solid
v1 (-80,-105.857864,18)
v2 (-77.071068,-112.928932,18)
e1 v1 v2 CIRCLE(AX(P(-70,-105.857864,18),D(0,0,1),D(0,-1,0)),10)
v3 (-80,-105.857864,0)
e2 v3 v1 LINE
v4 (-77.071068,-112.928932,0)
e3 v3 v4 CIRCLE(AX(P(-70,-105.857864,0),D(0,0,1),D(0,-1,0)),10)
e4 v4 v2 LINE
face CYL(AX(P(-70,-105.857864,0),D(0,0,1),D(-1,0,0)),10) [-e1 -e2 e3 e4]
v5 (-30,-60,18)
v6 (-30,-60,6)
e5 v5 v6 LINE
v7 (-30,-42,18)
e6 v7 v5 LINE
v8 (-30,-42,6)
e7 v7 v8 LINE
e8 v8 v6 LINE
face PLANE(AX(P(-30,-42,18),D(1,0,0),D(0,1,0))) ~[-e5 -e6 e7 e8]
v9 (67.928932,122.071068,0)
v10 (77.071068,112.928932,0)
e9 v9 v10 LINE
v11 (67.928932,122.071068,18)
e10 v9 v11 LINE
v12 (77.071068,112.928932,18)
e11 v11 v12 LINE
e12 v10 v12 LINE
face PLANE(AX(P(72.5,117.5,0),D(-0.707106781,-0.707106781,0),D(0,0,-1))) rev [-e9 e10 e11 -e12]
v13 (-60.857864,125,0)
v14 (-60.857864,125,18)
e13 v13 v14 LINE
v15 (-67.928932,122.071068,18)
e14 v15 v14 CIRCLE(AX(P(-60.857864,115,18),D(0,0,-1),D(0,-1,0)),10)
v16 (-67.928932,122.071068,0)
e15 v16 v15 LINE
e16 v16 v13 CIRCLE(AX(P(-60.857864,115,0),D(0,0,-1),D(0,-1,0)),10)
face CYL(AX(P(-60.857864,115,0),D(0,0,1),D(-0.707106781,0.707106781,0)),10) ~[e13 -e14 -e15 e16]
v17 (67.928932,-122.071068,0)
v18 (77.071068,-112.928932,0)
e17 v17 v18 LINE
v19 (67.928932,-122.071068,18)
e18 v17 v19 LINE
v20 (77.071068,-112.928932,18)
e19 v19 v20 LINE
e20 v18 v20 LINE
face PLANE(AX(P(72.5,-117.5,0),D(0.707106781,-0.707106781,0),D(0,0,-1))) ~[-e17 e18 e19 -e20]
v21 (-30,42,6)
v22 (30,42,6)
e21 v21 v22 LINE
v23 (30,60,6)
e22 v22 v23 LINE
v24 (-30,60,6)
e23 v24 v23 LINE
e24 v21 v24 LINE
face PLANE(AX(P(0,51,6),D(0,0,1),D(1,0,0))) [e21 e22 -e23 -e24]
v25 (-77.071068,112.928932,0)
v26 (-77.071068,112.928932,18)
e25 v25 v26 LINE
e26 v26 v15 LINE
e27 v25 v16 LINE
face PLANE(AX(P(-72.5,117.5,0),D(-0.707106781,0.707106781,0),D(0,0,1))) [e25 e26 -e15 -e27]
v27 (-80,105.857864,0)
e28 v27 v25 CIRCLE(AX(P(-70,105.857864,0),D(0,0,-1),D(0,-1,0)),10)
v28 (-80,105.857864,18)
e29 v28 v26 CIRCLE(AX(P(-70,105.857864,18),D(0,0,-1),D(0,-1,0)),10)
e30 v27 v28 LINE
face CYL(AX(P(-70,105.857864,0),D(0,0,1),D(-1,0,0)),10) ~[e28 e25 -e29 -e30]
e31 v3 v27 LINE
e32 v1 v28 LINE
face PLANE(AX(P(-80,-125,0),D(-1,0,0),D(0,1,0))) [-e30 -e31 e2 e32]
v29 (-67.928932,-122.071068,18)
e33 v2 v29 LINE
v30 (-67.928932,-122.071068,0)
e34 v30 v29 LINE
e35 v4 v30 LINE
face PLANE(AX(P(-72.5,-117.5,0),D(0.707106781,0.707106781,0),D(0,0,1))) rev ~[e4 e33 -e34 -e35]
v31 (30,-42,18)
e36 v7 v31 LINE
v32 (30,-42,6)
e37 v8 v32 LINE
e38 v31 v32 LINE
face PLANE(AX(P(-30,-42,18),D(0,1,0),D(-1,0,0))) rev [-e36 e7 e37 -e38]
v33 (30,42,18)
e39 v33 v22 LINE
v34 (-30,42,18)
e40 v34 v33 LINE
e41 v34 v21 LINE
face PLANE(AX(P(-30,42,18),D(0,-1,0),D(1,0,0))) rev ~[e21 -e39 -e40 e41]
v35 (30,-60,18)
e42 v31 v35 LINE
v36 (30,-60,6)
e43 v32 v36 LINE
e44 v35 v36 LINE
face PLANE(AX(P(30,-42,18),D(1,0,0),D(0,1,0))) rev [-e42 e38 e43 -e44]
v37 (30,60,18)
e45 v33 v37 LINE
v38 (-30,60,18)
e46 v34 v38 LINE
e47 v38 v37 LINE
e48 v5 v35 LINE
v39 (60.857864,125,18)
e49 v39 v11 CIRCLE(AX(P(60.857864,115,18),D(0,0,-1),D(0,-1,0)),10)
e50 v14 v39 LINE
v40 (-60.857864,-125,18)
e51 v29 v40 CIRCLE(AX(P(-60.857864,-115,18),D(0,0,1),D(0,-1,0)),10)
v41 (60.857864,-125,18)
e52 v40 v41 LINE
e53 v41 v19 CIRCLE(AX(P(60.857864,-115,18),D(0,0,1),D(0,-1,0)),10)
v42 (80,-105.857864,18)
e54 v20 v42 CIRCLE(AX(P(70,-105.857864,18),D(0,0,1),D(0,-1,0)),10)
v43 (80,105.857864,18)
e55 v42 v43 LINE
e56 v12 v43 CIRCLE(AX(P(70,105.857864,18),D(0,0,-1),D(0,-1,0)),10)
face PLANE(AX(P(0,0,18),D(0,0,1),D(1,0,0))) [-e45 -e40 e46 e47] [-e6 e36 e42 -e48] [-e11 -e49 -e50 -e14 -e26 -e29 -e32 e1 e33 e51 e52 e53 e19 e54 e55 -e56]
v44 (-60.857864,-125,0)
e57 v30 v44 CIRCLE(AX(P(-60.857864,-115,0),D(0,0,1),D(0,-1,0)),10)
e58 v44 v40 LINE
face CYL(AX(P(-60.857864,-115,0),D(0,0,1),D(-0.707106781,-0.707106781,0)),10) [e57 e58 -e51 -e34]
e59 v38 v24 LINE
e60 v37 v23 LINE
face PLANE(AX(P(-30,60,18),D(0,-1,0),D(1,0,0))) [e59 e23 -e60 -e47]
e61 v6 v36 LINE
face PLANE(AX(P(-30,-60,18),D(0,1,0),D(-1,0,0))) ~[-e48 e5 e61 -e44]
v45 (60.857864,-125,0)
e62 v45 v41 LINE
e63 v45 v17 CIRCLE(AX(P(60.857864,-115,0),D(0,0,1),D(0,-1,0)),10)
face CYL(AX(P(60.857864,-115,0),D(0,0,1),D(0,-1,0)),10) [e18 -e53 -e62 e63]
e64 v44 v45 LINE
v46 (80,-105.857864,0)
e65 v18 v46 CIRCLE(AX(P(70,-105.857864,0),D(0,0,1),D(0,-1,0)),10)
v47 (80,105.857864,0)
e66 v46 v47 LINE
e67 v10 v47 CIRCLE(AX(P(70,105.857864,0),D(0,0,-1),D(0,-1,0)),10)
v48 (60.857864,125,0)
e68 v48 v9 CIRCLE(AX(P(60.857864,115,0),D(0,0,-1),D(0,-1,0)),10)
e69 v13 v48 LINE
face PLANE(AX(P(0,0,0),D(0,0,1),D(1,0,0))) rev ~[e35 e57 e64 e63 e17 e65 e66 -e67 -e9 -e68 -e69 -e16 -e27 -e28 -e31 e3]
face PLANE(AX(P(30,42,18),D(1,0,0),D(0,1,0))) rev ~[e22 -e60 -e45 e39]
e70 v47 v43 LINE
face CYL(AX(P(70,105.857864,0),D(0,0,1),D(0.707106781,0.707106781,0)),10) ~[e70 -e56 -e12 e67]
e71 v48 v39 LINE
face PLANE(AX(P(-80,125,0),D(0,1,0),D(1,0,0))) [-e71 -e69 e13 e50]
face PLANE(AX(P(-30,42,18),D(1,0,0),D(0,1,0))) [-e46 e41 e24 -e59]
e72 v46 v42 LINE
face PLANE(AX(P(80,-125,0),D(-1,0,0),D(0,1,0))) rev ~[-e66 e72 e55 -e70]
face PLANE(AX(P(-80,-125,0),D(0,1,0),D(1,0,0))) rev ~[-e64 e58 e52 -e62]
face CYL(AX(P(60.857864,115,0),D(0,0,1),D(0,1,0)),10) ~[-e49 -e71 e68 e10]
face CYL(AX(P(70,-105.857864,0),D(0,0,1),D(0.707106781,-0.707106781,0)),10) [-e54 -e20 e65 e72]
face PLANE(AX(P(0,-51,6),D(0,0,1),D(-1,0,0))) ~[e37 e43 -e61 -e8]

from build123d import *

# Parameters (mm, degrees)
SKETCH_W     = 160
SKETCH_H     = 250
PAD_DEPTH    = 18
SKETCH001_W  = 60
SKETCH001_H  = 18
POCKET_DEPTH = 12
CHAMFER_SIZE = 15
FILLET_R     = 10


with BuildPart() as part:
    # Sketch → Pad (new body)
    with BuildSketch(Plane.XY):
        Rectangle(SKETCH_W, SKETCH_H)
    extrude(amount=PAD_DEPTH)

    # Sketch001 → Pocket (cut)
    with BuildSketch(Plane.XY.offset(18)):
        with Locations((0, 51)):
            Rectangle(SKETCH001_W, SKETCH001_H)
    pocket = extrude(amount=-POCKET_DEPTH, mode=Mode.SUBTRACT)

    # Mirrored: Pocket across Sketch001 H_Axis
    add(pocket.mirror(Plane(origin=(0, 0, 18), x_dir=(0, 0, 1), z_dir=(0, 1, 0))), mode=Mode.SUBTRACT)

    # Chamfer
    chamfer_edges = [part.edges().sort_by_distance(p)[0] for p in [
        (-80, -125, 9),
        (-80, 125, 9),
        (80, 125, 9),
        (80, -125, 9),
    ]]
    chamfer(chamfer_edges, length=CHAMFER_SIZE)

    # Fillet
    fillet_edges = [part.edges().sort_by_distance(p)[0] for p in [
        (65, -125, 9),
        (80, -110, 9),
        (-65, -125, 9),
        (-80, -110, 9),
        (-80, 110, 9),
        (-65, 125, 9),
        (65, 125, 9),
        (80, 110, 9),
    ]]
    fillet(fillet_edges, radius=FILLET_R)


solid = part.part
